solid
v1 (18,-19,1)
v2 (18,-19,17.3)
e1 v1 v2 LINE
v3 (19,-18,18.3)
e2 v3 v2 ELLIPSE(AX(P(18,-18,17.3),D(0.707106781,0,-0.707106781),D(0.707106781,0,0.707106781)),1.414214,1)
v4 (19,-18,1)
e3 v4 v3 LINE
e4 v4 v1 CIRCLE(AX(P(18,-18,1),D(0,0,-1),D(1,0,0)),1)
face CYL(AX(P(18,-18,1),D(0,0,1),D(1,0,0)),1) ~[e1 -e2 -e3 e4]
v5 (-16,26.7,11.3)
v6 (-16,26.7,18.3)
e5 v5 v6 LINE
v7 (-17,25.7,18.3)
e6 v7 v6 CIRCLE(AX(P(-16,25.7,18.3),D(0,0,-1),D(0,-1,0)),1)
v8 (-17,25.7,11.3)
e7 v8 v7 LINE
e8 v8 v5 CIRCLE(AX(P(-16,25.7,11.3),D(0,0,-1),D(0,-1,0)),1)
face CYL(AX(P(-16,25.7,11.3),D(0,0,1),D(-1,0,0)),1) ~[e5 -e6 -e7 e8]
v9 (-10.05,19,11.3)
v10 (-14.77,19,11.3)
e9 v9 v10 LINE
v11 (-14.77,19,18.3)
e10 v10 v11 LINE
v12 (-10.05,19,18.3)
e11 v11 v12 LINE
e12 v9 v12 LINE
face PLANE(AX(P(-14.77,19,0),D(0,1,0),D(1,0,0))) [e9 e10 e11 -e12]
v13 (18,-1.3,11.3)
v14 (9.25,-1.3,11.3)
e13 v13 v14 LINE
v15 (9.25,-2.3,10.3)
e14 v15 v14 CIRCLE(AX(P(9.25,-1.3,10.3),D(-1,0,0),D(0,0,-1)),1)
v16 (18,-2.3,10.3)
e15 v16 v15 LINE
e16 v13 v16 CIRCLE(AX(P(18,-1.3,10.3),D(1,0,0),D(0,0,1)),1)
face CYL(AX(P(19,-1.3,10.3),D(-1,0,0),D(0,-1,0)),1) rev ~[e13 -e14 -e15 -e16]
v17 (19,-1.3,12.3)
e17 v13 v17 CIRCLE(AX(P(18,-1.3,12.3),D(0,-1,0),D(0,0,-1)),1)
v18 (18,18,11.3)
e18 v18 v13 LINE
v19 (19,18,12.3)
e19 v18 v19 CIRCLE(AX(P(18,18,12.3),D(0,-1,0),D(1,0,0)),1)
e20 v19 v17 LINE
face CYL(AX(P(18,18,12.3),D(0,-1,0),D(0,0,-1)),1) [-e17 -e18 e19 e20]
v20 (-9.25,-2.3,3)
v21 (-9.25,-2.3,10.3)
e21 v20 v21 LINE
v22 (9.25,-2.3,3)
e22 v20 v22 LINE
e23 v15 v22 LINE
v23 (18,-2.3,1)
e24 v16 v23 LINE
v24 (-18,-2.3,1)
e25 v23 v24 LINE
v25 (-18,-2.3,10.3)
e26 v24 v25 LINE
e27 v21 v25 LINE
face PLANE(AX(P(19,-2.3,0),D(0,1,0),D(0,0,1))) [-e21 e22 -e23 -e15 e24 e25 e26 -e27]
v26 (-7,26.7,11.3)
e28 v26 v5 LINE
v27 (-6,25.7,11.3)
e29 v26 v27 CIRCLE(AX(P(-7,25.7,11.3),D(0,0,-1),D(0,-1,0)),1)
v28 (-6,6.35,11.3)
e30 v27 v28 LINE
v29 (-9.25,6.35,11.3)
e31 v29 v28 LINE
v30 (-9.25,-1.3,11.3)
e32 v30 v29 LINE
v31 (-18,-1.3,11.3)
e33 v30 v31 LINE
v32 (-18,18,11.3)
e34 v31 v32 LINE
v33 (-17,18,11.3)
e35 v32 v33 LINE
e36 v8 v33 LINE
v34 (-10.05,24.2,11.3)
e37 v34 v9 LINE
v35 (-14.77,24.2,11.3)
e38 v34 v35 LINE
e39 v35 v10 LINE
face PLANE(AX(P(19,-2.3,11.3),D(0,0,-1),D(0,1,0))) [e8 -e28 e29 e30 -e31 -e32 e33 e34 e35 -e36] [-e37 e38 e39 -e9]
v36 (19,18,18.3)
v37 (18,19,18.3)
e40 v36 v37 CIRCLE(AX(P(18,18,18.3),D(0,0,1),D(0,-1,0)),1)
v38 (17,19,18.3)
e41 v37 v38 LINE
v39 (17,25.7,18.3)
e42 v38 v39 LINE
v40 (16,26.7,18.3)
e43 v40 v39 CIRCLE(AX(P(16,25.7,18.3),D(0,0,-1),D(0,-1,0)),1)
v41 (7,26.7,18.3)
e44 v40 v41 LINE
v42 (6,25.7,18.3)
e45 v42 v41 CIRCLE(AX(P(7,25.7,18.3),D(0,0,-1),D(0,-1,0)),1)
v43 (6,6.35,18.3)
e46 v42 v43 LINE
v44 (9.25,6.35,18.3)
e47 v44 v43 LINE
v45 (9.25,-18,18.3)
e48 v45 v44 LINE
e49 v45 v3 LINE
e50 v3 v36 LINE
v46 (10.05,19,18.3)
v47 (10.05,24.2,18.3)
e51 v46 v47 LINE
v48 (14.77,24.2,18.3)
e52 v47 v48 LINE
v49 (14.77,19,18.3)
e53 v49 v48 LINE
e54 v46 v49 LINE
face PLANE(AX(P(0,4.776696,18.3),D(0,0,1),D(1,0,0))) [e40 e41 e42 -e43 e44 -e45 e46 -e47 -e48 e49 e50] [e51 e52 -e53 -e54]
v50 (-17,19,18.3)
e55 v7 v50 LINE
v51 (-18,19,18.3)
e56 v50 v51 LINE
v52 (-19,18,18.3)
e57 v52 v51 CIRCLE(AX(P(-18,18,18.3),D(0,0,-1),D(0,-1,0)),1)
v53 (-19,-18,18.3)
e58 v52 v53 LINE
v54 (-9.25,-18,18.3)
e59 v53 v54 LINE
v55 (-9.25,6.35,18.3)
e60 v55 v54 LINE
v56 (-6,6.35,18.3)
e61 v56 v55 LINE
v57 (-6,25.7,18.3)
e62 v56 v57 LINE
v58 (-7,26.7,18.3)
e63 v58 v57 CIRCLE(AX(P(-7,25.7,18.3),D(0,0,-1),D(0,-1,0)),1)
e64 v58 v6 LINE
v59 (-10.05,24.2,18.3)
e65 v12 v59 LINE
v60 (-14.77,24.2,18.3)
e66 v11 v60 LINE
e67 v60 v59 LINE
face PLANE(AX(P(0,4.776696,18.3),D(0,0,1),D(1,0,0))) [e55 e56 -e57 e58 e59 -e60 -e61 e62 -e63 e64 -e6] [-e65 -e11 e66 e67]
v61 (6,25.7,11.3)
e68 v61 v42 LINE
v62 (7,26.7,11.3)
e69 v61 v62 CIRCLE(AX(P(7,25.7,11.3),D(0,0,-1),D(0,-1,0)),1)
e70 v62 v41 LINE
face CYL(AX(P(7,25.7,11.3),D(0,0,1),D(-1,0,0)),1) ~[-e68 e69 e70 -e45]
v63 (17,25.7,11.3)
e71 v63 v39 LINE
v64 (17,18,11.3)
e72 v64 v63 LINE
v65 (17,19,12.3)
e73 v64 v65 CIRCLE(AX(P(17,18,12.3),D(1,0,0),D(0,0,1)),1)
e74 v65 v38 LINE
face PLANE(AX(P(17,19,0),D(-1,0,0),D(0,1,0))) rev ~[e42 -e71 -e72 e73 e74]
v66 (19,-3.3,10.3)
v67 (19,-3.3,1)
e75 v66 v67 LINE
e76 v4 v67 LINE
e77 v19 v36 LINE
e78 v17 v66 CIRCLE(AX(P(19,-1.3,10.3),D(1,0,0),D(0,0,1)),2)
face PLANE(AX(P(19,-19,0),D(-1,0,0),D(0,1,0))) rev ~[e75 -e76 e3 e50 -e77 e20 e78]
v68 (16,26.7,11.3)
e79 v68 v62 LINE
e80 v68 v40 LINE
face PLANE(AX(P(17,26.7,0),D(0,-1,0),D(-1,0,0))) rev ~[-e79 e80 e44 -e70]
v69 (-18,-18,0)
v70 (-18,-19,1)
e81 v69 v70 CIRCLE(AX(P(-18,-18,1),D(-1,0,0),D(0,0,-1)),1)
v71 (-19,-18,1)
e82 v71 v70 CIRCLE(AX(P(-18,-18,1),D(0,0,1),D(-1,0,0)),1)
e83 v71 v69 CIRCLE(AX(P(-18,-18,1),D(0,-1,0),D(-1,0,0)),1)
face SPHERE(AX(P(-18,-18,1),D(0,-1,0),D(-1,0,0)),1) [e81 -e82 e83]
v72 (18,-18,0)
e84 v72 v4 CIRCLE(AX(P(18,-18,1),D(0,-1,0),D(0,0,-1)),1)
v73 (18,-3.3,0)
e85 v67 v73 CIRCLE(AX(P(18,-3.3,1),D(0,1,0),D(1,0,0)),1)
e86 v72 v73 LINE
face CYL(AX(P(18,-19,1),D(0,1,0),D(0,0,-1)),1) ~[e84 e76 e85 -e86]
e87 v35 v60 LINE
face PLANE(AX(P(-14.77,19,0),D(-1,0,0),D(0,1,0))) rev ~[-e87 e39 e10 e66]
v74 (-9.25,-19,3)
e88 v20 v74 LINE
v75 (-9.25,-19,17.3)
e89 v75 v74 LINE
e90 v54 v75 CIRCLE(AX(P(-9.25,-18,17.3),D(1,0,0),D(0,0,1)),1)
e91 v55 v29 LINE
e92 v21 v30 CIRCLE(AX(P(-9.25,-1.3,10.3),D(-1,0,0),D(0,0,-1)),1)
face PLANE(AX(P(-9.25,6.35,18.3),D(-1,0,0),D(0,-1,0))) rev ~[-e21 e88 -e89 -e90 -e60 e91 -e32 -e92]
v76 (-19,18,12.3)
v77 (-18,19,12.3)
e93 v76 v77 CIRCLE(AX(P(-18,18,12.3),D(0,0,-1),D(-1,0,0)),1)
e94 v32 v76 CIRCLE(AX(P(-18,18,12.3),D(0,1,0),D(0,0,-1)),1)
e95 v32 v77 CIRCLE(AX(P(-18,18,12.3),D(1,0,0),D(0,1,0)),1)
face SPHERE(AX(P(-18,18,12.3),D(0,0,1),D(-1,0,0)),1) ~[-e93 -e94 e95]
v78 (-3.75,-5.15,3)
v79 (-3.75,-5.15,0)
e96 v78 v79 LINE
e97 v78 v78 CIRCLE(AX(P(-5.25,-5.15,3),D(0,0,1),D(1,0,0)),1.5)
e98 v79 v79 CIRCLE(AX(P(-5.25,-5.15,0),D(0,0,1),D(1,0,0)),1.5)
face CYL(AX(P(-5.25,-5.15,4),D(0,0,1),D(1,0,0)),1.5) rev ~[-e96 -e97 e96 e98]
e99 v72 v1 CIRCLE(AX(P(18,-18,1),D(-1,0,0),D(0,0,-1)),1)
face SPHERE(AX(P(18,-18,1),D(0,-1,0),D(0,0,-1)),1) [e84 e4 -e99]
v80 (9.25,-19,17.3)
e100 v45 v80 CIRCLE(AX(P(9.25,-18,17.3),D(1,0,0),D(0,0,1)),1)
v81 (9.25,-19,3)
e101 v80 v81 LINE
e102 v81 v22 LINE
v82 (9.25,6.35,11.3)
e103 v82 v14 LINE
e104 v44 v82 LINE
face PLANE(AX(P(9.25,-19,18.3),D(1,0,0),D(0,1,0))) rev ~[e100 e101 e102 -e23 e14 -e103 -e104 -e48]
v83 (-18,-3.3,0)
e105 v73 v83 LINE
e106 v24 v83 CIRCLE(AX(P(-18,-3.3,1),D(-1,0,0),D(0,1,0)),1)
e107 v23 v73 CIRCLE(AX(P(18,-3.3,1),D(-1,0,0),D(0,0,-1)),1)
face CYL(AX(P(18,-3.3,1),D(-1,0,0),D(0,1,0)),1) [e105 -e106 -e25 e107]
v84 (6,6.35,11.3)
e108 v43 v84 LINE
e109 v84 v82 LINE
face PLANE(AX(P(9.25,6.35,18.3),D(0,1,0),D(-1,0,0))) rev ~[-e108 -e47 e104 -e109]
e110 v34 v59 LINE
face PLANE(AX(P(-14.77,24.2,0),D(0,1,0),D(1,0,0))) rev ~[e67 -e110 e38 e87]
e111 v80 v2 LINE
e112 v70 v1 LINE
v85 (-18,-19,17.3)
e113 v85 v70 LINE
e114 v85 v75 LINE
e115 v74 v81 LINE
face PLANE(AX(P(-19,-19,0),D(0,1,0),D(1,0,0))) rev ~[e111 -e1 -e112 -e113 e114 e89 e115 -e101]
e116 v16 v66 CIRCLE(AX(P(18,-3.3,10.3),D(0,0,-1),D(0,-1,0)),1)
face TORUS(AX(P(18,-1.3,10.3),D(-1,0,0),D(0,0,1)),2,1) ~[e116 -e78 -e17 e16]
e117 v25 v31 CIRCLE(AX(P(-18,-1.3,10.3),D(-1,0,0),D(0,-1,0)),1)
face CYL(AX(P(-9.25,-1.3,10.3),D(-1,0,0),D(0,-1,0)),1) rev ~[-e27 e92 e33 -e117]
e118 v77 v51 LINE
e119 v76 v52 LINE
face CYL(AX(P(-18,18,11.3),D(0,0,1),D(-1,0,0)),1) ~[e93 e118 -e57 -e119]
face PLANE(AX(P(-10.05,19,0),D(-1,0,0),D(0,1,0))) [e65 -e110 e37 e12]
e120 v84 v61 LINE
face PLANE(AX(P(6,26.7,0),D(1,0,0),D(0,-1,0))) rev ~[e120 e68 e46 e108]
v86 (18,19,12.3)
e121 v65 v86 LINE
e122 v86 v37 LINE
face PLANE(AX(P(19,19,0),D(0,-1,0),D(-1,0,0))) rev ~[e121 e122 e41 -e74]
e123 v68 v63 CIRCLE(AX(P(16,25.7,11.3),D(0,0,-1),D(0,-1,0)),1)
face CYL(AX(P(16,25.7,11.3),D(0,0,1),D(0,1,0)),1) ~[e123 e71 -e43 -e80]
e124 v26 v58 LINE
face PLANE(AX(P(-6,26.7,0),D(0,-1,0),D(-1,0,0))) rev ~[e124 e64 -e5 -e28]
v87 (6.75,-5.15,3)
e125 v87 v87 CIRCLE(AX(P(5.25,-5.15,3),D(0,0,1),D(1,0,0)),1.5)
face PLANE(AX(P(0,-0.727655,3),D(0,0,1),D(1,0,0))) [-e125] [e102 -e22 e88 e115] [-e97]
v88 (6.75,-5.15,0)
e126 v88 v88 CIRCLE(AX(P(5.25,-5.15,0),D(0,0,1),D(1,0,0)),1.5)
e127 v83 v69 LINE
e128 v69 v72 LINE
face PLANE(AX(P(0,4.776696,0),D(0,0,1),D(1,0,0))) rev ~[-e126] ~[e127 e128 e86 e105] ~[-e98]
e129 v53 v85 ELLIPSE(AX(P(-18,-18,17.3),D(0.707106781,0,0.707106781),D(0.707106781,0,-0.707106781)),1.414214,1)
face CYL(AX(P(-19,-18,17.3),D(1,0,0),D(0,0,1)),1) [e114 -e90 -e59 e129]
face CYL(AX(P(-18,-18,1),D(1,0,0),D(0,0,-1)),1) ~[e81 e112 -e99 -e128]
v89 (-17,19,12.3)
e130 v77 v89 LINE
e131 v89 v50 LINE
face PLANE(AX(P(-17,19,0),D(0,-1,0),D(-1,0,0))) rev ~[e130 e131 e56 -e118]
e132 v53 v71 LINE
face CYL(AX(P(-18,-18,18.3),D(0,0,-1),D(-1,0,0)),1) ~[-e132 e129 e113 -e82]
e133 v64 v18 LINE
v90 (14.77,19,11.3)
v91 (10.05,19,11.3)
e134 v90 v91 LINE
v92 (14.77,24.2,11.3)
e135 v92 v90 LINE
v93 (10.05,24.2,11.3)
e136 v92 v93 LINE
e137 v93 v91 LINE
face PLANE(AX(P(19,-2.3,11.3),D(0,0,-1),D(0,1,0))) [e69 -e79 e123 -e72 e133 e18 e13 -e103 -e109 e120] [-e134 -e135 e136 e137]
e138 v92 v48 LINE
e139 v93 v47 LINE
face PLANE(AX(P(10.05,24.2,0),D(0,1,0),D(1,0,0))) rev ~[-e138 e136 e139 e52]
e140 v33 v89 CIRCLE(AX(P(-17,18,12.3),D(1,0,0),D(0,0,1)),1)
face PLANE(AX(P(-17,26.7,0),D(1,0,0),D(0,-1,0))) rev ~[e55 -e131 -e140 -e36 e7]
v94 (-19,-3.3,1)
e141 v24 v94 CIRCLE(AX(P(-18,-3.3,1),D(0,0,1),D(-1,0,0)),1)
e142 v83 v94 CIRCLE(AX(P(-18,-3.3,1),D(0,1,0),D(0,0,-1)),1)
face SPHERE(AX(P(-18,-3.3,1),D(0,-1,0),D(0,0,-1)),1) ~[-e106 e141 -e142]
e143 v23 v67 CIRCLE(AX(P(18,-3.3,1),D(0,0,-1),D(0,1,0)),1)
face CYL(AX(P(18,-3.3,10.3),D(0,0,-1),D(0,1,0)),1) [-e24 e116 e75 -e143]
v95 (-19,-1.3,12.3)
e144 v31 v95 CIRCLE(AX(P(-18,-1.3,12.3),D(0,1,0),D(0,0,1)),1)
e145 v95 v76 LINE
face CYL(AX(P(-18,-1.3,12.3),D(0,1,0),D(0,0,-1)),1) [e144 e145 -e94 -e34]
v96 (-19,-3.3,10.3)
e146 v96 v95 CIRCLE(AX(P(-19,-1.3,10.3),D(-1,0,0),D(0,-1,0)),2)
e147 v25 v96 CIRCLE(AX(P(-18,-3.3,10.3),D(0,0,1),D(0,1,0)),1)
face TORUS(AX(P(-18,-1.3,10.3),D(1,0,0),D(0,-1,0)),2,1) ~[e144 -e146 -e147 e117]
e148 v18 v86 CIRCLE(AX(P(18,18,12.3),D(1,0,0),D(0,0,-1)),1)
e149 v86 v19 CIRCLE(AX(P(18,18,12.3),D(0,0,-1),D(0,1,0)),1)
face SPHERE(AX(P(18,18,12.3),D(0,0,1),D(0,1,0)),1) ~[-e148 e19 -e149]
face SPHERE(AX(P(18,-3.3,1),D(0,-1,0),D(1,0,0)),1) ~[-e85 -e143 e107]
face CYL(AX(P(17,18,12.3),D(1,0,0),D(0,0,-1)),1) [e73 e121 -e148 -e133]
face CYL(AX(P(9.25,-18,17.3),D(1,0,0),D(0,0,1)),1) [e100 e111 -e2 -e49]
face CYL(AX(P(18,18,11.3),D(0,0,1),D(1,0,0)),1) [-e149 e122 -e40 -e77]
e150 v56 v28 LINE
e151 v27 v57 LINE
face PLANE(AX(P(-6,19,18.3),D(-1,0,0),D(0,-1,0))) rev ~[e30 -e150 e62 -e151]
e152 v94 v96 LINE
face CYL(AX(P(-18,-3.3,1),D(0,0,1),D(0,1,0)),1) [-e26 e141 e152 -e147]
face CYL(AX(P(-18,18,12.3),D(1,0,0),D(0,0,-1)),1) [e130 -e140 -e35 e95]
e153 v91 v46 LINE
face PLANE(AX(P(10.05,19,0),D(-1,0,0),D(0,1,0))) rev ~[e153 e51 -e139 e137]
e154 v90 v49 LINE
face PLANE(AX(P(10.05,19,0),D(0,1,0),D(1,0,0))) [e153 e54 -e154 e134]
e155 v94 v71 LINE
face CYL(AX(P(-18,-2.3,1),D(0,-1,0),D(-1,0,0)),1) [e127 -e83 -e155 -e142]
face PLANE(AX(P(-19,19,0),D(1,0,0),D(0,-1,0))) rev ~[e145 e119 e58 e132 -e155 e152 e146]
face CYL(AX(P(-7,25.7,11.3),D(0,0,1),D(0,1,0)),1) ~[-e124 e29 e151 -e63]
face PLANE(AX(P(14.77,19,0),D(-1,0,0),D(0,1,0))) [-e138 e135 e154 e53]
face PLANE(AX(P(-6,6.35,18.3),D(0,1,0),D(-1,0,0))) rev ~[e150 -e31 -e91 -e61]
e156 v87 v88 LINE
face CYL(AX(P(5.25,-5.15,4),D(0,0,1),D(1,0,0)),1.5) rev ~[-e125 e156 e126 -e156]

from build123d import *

# Parameters (mm, degrees)
SKETCH_W        = 4.72
SKETCH_H        = 5.2
PAD_DEPTH       = 18.3
SKETCH001_W     = 29
SKETCH001_H     = 11.3
POCKET_DEPTH    = 38.001
POCKET005_DEPTH = 15.3
SKETCH003_R     = 1.5
POCKET006_DEPTH = 5
FILLET_R        = 1
FILLET001_R     = 1
FILLET002_R     = 1
FILLET003_R     = 1
FILLET004_R     = 1


with BuildPart() as part:
    # Sketch → Pad (new body)
    with BuildSketch(Plane.XY):
        Polygon((-19, 19), (-19, -19), (19, -19), (19, 19), (17, 19), (17, 26.7), (6, 26.7), (6, 19), (-6, 19), (-6, 26.7), (-17, 26.7), (-17, 19), align=None)
        with Locations((-12.41, 21.6)):
            Rectangle(SKETCH_W, SKETCH_H, mode=Mode.SUBTRACT)
        with Locations((12.41, 21.6)):
            Rectangle(SKETCH_W, SKETCH_H, mode=Mode.SUBTRACT)
    extrude(amount=PAD_DEPTH)

    # Sketch001 (on Face3 of Pad) → Pocket (cut, through all)
    with BuildSketch(Plane.YZ.offset(19)):
        with Locations((12.2, 5.65)):
            Rectangle(SKETCH001_W, SKETCH001_H)
    extrude(amount=-POCKET_DEPTH, mode=Mode.SUBTRACT)

    # Sketch002 (on Face6 of Pocket) → Pocket005 (cut)
    with BuildSketch(Plane.XY.offset(18.3)):
        Polygon((-9.25, -19), (9.25, -19), (9.25, 6.35), (6, 6.35), (6, 19), (-6, 19), (-6, 6.35), (-9.25, 6.35), align=None)
    extrude(amount=-POCKET005_DEPTH, mode=Mode.SUBTRACT)

    # Sketch003 → Pocket006 (cut)
    with BuildSketch(Plane.XY.offset(4)):
        with Locations((-5.25, -5.15)):
            Circle(SKETCH003_R)
        with Locations((5.25, -5.15)):
            Circle(SKETCH003_R)
    extrude(amount=-POCKET006_DEPTH, mode=Mode.SUBTRACT)

    # Fillet
    fillet_edges = [part.edges().sort_by_distance(p)[0] for p in [
        (19, 19, 14.8),
        (17, 26.7, 14.8),
        (6, 26.7, 14.8),
        (-6, 26.7, 14.8),
        (-17, 26.7, 14.8),
        (-19, 19, 14.8),
    ]]
    fillet(fillet_edges, radius=FILLET_R)

    # Fillet001
    fillet001_edges = [part.edges().sort_by_distance(p)[0] for p in [
        (19, -10.65, 0),
        (-19, -10.65, 0),
    ]]
    fillet(fillet001_edges, radius=FILLET001_R)

    # Fillet002
    fillet002_edges = [part.edges().sort_by_distance(p)[0] for p in [
        (14.125, -2.3, 11.3),
        (-14.125, -2.3, 11.3),
    ]]
    fillet(fillet002_edges, radius=FILLET002_R)

    # Fillet003
    fillet003_edges = [part.edges().sort_by_distance(p)[0] for p in [
        (0, -2.3, 0),
    ]]
    fillet(fillet003_edges, radius=FILLET003_R)

    # Fillet004
    fillet004_edges = [part.edges().sort_by_distance(p)[0] for p in [
        (0, -19, 0),
        (19, -19, 9.65),
        (-19, -19, 9.65),
        (-14.125, -19, 18.3),
        (14.125, -19, 18.3),
    ]]
    fillet(fillet004_edges, radius=FILLET004_R)


solid = part.part
